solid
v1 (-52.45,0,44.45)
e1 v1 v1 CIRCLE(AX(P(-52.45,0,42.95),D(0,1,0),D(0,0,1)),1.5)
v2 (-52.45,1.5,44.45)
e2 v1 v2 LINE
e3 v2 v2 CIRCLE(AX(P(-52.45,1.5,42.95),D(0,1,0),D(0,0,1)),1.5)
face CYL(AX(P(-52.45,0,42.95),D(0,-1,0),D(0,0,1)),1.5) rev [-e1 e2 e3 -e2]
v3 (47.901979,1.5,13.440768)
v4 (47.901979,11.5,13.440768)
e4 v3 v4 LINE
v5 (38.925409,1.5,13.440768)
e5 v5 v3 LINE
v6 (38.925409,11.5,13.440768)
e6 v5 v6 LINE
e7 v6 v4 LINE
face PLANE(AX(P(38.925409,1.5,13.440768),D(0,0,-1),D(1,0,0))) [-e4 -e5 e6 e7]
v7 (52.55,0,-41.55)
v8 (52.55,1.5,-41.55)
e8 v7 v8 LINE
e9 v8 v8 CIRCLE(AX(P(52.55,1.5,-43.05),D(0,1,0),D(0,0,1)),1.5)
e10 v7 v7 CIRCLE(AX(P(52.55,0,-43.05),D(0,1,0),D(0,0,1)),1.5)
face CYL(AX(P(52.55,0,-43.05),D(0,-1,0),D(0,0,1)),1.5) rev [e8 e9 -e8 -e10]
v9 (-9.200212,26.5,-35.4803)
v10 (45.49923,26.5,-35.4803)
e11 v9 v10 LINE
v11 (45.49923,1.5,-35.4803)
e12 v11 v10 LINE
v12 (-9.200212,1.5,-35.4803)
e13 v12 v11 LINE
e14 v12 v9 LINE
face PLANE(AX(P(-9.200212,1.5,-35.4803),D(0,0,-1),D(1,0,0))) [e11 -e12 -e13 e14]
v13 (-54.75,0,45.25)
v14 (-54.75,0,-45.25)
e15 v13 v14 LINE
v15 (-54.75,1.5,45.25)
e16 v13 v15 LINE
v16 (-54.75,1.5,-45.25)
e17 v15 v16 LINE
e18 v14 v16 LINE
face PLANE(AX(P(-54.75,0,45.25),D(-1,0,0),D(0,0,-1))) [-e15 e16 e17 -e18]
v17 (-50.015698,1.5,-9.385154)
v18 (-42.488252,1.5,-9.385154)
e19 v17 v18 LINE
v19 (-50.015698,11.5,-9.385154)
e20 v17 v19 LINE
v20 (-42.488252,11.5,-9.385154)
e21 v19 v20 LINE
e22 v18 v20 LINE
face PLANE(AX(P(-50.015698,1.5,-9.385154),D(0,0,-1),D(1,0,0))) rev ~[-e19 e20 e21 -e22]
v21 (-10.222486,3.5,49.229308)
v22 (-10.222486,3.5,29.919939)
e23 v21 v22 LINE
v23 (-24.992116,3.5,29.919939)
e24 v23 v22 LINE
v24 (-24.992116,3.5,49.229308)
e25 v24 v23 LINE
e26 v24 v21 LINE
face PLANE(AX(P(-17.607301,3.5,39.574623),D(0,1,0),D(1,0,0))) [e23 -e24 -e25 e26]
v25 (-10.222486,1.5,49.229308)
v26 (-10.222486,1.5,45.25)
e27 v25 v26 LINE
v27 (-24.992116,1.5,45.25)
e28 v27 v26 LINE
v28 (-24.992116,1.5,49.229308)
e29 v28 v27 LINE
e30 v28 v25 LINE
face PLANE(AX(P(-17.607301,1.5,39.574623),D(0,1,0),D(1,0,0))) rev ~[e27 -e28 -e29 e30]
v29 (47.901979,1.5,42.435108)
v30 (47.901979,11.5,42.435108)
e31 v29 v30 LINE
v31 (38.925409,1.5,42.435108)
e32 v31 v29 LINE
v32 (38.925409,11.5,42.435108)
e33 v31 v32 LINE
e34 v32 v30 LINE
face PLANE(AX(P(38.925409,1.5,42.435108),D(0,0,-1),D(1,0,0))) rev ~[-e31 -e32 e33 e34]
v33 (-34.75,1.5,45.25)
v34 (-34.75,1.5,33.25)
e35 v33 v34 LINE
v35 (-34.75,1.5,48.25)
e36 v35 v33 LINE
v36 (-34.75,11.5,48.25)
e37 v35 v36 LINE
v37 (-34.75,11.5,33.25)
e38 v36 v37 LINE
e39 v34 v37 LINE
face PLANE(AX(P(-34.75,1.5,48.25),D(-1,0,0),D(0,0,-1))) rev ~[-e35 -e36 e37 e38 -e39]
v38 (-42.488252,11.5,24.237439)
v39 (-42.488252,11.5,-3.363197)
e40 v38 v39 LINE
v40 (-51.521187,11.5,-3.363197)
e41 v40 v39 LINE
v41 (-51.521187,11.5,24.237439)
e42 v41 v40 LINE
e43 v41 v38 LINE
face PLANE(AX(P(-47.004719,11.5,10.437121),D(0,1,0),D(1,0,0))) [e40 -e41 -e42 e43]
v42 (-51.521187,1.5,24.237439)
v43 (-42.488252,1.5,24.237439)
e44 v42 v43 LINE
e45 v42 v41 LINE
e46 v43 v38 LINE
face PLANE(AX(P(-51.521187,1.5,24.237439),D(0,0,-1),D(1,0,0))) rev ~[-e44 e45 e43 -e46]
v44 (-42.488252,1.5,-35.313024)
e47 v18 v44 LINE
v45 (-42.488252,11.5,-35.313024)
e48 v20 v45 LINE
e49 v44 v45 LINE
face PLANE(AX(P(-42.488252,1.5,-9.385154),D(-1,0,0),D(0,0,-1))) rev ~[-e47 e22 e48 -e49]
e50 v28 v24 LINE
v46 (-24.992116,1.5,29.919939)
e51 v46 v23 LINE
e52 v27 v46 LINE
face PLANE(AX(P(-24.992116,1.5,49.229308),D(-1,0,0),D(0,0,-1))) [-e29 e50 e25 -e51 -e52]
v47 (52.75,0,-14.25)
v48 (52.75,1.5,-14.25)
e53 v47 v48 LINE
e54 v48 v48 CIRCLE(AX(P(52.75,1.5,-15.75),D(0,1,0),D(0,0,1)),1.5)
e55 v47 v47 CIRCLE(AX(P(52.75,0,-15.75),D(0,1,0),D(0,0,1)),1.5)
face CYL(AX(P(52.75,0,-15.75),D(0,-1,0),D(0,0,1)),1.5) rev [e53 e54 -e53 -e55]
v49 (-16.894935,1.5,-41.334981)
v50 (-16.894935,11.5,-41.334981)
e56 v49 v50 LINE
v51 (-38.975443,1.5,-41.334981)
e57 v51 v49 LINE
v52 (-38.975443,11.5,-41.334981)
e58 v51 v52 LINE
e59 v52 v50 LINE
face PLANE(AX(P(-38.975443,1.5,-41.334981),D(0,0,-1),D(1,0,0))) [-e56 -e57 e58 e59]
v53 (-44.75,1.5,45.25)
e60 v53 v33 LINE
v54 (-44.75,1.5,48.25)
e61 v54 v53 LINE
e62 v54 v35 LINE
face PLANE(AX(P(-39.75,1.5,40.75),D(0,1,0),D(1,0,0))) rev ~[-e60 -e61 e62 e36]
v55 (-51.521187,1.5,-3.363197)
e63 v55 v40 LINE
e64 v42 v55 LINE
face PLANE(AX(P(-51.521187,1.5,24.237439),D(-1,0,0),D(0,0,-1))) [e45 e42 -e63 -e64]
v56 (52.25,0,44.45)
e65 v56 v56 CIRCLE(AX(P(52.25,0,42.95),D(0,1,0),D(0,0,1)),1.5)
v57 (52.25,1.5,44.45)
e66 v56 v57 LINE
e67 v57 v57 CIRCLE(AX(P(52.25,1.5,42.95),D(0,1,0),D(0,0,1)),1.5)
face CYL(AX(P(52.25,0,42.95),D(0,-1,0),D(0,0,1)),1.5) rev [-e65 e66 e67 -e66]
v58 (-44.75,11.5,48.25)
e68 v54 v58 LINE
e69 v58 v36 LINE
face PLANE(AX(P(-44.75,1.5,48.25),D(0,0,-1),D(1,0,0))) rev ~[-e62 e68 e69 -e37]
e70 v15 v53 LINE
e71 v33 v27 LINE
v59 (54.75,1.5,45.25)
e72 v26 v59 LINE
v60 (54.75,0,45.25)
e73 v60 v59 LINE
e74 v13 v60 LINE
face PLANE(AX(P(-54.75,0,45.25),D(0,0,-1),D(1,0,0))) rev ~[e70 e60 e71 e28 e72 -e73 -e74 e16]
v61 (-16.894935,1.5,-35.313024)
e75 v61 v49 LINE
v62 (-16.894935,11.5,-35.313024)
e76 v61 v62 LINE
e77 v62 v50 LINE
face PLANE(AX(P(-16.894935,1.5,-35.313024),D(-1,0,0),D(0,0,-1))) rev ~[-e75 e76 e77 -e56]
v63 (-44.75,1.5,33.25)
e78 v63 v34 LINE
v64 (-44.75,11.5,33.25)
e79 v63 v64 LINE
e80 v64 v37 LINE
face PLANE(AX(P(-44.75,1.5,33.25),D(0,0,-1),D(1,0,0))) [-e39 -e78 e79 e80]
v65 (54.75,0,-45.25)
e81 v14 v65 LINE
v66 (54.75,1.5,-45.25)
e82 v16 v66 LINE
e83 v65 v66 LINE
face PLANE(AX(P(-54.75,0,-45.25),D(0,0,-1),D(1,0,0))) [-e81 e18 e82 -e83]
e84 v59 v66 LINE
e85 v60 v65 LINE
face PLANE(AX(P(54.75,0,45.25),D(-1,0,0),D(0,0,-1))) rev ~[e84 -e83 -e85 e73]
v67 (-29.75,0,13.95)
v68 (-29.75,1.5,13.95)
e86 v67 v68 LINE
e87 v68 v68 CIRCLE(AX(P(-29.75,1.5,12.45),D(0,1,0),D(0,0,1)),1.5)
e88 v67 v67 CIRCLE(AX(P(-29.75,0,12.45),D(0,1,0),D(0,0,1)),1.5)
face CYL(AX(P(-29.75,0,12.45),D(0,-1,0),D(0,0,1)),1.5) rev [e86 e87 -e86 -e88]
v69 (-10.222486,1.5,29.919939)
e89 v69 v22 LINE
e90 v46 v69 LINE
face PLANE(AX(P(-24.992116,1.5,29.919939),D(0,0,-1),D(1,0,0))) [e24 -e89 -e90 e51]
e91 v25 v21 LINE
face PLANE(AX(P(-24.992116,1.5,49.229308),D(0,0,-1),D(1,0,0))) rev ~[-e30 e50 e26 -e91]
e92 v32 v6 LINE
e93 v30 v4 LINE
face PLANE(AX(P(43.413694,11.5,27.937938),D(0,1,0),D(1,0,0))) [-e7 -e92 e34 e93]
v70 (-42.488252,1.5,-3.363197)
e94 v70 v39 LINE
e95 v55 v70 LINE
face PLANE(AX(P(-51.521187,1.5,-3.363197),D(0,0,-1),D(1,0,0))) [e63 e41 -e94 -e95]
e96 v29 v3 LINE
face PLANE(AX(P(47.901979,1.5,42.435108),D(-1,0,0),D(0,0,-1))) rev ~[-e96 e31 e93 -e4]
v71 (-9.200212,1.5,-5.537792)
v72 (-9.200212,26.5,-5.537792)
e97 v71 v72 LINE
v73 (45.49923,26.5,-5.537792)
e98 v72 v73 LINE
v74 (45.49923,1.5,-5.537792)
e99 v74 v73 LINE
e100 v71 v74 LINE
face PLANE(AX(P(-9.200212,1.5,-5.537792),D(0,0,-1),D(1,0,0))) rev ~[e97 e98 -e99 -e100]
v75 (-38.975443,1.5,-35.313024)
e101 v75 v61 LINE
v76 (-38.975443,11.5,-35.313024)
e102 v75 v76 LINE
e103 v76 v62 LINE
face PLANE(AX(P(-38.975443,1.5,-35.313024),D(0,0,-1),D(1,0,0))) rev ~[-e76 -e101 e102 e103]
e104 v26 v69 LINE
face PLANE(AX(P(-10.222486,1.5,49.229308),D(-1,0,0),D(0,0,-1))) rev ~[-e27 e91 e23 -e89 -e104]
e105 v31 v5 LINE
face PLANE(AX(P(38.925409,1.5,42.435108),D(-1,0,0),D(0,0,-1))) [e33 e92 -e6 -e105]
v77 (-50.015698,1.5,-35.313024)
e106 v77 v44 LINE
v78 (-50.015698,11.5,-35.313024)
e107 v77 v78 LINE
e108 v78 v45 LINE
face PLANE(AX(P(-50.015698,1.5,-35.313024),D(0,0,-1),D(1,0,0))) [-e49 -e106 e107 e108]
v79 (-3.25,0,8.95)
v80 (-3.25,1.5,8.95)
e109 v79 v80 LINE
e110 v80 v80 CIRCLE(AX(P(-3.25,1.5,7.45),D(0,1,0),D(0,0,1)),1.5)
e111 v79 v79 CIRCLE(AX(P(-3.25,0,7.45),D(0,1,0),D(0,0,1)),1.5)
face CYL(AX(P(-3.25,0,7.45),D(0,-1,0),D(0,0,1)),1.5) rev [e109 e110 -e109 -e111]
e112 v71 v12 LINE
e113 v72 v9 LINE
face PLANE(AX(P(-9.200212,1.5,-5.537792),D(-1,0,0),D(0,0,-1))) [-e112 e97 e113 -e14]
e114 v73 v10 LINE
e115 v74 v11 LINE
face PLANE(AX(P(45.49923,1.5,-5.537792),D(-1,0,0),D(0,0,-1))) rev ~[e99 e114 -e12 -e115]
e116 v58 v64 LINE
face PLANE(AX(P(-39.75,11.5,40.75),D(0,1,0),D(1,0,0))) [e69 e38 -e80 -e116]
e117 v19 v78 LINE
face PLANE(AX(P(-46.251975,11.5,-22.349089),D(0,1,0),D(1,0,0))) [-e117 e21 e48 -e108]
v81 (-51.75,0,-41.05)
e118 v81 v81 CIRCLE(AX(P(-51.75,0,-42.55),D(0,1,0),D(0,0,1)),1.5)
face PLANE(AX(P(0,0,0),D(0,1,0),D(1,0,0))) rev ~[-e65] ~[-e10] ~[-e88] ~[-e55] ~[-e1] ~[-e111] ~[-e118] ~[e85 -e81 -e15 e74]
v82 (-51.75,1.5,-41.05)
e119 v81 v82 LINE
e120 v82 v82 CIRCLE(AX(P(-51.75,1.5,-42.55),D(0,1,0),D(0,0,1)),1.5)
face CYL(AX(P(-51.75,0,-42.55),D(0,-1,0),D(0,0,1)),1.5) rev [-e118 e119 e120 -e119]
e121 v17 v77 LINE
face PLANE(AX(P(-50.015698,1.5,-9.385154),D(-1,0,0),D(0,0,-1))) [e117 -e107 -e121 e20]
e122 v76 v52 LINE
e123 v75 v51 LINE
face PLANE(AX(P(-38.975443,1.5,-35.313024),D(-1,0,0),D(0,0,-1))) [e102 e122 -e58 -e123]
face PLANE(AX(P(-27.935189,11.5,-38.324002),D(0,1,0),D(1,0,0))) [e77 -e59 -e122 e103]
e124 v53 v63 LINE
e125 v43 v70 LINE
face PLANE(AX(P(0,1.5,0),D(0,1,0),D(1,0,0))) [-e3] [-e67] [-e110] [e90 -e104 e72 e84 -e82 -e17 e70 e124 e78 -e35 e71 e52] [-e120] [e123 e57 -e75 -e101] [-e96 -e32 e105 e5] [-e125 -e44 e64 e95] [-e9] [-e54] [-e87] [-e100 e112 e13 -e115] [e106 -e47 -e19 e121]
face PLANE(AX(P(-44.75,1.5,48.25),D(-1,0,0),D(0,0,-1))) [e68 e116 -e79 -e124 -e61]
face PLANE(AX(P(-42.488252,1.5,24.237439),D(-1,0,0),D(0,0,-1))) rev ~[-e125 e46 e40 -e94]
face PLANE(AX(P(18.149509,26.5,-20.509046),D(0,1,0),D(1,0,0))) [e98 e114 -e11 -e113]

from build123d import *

# Parameters (mm, degrees)
SKETCH1_W           = 109.5
SKETCH1_H           = 90.5
SKETCH1_R           = 1.5
BOSS_EXTRUDE1_DEPTH = 1.5
SKETCH2_W           = 10
SKETCH2_H           = 15
BOSS_EXTRUDE2_DEPTH = 10
SKETCH3_W           = 14.7696301
SKETCH3_H           = 19.309368961
BOSS_EXTRUDE3_DEPTH = 2
SKETCH4_W           = 54.699442022
SKETCH4_H           = 29.942508018
BOSS_EXTRUDE4_DEPTH = 25
SKETCH5_W           = 9.03293538
SKETCH5_H           = 27.600635882
SKETCH5_W_2         = 7.52744615
SKETCH5_H_2         = 25.927870071
SKETCH5_W_3         = 22.080508706
SKETCH5_H_3         = 6.02195692
SKETCH5_W_4         = 8.97656987
SKETCH5_H_4         = 28.994339973
BOSS_EXTRUDE5_DEPTH = 10


with BuildPart() as part:
    # Sketch1 → Boss-Extrude1 (new body)
    with BuildSketch(Plane(origin=(0, 0, 0), x_dir=(1, 0, 0), z_dir=(0, 1, 0))):
        Rectangle(SKETCH1_W, SKETCH1_H)
        with Locations(Location((-52.45, -42.95, 0), (0, 0, 270))):
            Circle(SKETCH1_R, mode=Mode.SUBTRACT)
        with Locations(Location((-29.75, -12.45, 0), (0, 0, 270))):
            Circle(SKETCH1_R, mode=Mode.SUBTRACT)
        with Locations(Location((52.25, -42.95, 0), (0, 0, 270))):
            Circle(SKETCH1_R, mode=Mode.SUBTRACT)
        with Locations(Location((52.55, 43.05, 0), (0, 0, 270))):
            Circle(SKETCH1_R, mode=Mode.SUBTRACT)
        with Locations(Location((-51.75, 42.55, 0), (0, 0, 270))):
            Circle(SKETCH1_R, mode=Mode.SUBTRACT)
        with Locations(Location((-3.25, -7.45, 0), (0, 0, 270))):
            Circle(SKETCH1_R, mode=Mode.SUBTRACT)
        with Locations(Location((52.75, 15.75, 0), (0, 0, 270))):
            Circle(SKETCH1_R, mode=Mode.SUBTRACT)
    extrude(amount=BOSS_EXTRUDE1_DEPTH)

    # Sketch2 → Boss-Extrude2 (add)
    with BuildSketch(Plane(origin=(0, 1.5, 0), x_dir=(1, 0, 0), z_dir=(0, 1, 0))):
        with Locations((-39.75, -40.75)):
            Rectangle(SKETCH2_W, SKETCH2_H)
    extrude(amount=BOSS_EXTRUDE2_DEPTH)

    # Sketch3 → Boss-Extrude3 (add)
    with BuildSketch(Plane(origin=(0, 1.5, 0), x_dir=(1, 0, 0), z_dir=(0, 1, 0))):
        with Locations((-17.607300973, -39.57462345)):
            Rectangle(SKETCH3_W, SKETCH3_H)
    extrude(amount=BOSS_EXTRUDE3_DEPTH)

    # Sketch4 → Boss-Extrude4 (add)
    with BuildSketch(Plane(origin=(0, 1.5, 0), x_dir=(1, 0, 0), z_dir=(0, 1, 0))):
        with Locations((18.14950905, 20.509046194)):
            Rectangle(SKETCH4_W, SKETCH4_H)
    extrude(amount=BOSS_EXTRUDE4_DEPTH)

    # Sketch5 → Boss-Extrude5 (add)
    with BuildSketch(Plane(origin=(0, 1.5, 0), x_dir=(1, 0, 0), z_dir=(0, 1, 0))):
        with Locations((-47.004719291, -10.437121311)):
            Rectangle(SKETCH5_W, SKETCH5_H)
        with Locations((-46.251974676, 22.349088585)):
            Rectangle(SKETCH5_W_2, SKETCH5_H_2)
        with Locations((-27.935189045, 38.324002081)):
            Rectangle(SKETCH5_W_3, SKETCH5_H_3)
        with Locations((43.413693804, -27.937937952)):
            Rectangle(SKETCH5_W_4, SKETCH5_H_4)
    extrude(amount=BOSS_EXTRUDE5_DEPTH)


solid = part.part
